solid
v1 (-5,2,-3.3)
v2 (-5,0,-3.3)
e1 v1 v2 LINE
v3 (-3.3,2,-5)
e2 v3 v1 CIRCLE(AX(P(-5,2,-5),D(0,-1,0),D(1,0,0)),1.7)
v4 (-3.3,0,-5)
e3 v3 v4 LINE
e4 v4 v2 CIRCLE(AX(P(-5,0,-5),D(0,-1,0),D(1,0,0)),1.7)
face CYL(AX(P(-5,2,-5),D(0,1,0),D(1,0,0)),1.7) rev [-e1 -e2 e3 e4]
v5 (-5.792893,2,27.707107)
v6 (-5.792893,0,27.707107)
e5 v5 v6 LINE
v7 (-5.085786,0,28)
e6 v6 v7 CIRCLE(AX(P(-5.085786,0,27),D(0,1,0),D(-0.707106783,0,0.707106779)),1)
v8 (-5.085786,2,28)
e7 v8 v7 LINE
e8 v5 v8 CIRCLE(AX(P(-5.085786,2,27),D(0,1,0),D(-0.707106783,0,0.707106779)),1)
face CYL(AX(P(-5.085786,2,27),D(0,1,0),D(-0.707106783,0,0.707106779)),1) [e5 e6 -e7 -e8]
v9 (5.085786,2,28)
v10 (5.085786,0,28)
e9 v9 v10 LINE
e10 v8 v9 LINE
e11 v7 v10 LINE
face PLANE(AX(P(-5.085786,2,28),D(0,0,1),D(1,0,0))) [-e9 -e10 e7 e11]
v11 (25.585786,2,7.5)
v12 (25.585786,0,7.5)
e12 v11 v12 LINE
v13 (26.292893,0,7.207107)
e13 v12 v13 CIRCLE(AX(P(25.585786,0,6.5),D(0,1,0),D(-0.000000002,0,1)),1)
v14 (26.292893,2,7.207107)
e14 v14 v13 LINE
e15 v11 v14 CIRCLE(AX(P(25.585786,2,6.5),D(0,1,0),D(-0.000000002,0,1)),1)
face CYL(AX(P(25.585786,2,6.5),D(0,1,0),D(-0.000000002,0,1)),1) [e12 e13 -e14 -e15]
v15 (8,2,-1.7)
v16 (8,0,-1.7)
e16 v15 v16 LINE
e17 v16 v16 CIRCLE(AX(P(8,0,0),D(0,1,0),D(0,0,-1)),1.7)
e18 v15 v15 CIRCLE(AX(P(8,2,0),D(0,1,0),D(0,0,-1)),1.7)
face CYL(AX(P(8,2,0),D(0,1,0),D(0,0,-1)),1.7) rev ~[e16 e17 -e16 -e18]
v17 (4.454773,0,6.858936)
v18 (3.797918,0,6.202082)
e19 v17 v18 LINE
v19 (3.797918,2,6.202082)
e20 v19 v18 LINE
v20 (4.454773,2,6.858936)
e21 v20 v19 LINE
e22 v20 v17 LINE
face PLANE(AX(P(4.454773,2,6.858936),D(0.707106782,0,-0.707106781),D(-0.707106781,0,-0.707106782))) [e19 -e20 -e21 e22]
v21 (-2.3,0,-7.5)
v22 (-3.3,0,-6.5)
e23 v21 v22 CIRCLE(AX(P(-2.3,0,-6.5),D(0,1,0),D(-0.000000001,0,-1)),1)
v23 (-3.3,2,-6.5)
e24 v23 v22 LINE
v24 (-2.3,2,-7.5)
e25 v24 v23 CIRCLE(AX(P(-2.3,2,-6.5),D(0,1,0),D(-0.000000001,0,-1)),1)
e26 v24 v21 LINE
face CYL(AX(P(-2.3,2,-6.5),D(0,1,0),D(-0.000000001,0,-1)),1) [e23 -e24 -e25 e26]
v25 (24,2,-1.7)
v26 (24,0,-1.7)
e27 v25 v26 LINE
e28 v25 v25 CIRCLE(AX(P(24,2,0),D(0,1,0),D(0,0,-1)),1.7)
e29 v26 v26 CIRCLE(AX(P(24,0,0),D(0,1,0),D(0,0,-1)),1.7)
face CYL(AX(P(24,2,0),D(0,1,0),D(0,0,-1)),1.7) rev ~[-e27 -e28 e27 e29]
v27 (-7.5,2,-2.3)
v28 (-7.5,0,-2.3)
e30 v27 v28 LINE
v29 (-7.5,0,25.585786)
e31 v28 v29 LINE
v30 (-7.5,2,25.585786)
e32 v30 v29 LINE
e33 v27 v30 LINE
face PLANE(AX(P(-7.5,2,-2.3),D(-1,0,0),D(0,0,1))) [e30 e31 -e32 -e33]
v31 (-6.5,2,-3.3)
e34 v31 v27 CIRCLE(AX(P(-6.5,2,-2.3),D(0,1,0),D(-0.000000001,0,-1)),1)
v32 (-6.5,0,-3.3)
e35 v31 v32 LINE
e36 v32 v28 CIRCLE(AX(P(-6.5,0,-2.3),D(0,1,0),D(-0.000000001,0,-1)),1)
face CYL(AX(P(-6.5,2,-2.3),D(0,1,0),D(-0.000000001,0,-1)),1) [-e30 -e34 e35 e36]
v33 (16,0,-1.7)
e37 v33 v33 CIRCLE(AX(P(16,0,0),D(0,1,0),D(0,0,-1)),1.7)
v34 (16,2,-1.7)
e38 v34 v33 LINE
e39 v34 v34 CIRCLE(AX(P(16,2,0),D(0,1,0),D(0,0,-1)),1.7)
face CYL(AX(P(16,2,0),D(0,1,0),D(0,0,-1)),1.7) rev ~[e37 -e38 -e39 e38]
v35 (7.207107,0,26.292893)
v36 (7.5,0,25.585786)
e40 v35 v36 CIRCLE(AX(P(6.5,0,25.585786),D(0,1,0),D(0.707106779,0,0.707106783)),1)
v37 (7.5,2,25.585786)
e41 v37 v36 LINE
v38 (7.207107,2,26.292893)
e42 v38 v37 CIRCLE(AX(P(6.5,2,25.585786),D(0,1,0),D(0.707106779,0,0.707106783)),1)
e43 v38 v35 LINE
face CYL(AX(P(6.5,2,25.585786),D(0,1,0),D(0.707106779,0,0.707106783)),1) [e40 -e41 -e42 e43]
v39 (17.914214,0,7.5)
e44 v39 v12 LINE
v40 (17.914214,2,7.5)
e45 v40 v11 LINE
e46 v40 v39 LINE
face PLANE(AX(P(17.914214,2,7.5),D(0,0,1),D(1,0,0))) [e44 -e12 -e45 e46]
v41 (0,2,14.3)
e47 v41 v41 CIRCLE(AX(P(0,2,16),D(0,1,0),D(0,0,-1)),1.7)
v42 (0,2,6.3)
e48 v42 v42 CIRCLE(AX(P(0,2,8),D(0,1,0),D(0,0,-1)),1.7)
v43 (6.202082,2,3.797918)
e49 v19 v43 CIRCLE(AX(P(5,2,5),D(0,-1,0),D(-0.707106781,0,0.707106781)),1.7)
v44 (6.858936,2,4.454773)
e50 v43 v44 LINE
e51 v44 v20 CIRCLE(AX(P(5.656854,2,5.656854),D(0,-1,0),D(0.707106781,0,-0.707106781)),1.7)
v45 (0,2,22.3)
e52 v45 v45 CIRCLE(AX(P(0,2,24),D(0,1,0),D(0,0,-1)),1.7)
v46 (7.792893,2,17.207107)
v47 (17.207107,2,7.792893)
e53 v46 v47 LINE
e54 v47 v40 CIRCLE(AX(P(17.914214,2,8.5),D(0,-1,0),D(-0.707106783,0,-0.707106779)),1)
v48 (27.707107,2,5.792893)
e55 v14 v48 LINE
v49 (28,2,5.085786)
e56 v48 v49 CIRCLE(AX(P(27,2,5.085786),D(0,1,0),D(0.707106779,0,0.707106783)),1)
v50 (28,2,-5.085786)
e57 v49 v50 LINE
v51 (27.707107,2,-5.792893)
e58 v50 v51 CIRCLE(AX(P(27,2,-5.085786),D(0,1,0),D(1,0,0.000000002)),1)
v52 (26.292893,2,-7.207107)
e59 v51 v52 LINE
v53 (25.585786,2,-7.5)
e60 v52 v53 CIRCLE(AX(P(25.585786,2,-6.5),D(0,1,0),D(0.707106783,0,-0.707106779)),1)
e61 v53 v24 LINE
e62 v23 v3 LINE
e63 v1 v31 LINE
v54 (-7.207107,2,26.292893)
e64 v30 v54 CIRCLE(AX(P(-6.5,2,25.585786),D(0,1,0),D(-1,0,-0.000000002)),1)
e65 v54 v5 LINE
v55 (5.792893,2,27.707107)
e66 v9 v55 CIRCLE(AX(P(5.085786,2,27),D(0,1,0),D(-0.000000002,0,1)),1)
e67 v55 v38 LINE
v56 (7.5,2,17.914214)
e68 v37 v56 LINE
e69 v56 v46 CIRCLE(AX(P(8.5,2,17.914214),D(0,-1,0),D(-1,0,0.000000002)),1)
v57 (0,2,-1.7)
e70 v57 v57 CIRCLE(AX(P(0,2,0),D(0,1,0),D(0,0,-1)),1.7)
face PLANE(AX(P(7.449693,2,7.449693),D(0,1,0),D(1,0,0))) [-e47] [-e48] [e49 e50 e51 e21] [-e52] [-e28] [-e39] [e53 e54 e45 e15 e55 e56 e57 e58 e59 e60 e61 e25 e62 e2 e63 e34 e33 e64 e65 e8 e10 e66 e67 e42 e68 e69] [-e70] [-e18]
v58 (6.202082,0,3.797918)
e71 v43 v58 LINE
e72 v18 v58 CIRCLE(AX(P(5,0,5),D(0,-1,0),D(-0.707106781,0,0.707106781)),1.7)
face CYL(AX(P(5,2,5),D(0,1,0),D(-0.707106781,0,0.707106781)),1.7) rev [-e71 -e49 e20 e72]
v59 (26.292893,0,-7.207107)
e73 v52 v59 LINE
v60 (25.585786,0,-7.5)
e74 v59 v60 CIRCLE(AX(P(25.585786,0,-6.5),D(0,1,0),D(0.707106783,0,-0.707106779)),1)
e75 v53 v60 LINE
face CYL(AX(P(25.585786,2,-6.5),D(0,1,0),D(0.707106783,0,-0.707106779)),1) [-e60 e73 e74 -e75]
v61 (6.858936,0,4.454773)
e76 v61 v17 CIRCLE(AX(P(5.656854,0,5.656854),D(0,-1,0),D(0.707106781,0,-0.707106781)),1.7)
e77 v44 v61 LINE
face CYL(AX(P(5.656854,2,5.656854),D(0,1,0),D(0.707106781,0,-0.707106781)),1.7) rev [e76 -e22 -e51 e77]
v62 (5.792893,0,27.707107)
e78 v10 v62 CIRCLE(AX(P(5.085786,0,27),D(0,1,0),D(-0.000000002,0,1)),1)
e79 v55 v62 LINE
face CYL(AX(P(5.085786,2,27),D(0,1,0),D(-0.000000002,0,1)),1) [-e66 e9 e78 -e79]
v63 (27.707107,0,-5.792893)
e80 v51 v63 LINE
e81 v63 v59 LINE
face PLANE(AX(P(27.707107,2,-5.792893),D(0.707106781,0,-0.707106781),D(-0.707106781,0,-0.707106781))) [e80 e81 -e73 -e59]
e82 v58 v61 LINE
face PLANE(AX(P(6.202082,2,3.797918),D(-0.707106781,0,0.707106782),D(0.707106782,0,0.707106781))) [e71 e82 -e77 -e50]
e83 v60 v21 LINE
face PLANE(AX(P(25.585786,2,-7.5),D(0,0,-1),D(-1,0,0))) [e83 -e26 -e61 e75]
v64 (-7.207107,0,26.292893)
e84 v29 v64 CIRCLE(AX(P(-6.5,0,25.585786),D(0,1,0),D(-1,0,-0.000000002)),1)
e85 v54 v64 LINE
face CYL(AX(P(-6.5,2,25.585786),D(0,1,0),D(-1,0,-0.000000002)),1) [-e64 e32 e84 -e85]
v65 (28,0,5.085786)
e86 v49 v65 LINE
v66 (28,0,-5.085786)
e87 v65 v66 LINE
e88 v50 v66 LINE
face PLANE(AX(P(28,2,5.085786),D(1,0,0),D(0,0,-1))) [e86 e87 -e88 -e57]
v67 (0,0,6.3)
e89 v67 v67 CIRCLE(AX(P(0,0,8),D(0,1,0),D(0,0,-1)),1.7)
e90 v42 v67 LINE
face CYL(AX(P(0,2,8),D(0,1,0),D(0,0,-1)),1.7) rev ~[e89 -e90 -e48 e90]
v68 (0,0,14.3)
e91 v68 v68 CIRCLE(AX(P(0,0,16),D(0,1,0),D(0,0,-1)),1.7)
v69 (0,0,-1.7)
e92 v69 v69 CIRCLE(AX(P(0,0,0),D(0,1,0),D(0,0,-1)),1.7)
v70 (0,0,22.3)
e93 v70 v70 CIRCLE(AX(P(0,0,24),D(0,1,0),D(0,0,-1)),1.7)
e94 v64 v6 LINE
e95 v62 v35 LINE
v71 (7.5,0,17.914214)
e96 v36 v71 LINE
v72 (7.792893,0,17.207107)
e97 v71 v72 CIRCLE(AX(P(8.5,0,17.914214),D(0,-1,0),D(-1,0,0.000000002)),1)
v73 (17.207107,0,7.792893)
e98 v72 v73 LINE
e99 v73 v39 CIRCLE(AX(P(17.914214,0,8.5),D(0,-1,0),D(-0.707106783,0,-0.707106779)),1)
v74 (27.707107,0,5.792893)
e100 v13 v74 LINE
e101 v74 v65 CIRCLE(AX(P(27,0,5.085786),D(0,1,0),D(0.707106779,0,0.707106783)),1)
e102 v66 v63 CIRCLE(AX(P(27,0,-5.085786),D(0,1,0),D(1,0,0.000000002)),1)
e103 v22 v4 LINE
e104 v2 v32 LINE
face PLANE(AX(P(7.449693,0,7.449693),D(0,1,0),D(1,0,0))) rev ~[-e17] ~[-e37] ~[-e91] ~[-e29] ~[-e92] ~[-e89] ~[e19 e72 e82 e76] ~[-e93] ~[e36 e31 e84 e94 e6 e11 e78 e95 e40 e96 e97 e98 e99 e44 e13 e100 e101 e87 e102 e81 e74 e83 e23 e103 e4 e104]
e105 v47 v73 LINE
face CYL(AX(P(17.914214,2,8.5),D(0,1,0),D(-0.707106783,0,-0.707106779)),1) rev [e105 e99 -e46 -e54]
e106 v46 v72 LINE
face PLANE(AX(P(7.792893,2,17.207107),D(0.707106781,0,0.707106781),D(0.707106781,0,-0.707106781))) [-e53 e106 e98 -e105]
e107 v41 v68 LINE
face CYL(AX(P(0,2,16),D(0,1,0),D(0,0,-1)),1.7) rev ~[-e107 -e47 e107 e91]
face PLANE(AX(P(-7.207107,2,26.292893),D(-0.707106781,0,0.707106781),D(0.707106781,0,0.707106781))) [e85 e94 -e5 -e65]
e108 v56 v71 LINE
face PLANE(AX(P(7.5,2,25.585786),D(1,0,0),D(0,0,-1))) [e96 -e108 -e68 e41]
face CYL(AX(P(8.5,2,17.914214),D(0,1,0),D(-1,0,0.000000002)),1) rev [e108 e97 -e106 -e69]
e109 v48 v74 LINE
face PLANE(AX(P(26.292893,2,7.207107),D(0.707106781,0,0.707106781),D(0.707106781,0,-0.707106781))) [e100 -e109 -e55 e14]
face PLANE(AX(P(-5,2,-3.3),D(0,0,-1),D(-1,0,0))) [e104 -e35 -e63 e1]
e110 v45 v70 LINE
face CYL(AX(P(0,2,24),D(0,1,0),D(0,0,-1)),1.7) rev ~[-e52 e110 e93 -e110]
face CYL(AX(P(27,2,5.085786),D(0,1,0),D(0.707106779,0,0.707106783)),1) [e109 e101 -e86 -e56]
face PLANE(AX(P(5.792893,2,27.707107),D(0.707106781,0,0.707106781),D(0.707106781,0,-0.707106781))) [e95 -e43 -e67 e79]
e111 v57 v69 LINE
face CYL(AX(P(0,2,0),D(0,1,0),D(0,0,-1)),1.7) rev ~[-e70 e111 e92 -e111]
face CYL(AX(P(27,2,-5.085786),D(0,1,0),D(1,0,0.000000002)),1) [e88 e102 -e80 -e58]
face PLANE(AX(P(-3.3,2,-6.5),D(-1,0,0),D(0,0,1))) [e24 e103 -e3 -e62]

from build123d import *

# Parameters (mm, degrees)
SKETCH1_R           = 1.7
BOSS_EXTRUDE1_DEPTH = 2


with BuildPart() as part:
    # Sketch1 → Boss-Extrude1 (new body)
    with BuildSketch(Plane(origin=(0, 2, 0), x_dir=(1, 0, 0), z_dir=(0, 1, 0))):
        with BuildLine():
            Line((26.292893219, -7.207106781), (27.707106781, -5.792893219))
            ThreePointArc((27.707106781, -5.792893219), (27.923879533, -5.46846987), (28, -5.085786438))
            Line((28, -5.085786438), (28, 5.085786438))
            ThreePointArc((28, 5.085786438), (27.923879533, 5.46846987), (27.707106781, 5.792893219))
            Line((27.707106781, 5.792893219), (26.292893219, 7.207106781))
            ThreePointArc((26.292893219, 7.207106781), (25.96846987, 7.423879533), (25.585786438, 7.5))
            Line((25.585786438, 7.5), (-2.3, 7.5))
            ThreePointArc((-2.3, 7.5), (-3.007106781, 7.207106781), (-3.3, 6.5))
            Line((-3.3, 6.5), (-3.3, 5))
            ThreePointArc((-3.3, 5), (-3.797918472, 3.797918472), (-5, 3.3))
            Line((-5, 3.3), (-6.5, 3.3))
            ThreePointArc((-6.5, 3.3), (-7.207106781, 3.007106781), (-7.5, 2.3))
            Line((-7.5, 2.3), (-7.5, -25.585786438))
            ThreePointArc((-7.5, -25.585786438), (-7.423879533, -25.96846987), (-7.207106781, -26.292893219))
            Line((-7.207106781, -26.292893219), (-5.792893219, -27.707106781))
            ThreePointArc((-5.792893219, -27.707106781), (-5.46846987, -27.923879533), (-5.085786438, -28))
            Line((-5.085786438, -28), (5.085786438, -28))
            ThreePointArc((5.085786438, -28), (5.46846987, -27.923879533), (5.792893219, -27.707106781))
            Line((5.792893219, -27.707106781), (7.207106781, -26.292893219))
            ThreePointArc((7.207106781, -26.292893219), (7.423879533, -25.96846987), (7.5, -25.585786438))
            Line((7.5, -25.585786438), (7.5, -17.914213562))
            ThreePointArc((7.5, -17.914213562), (7.576120467, -17.53153013), (7.792893219, -17.207106781))
            Line((7.792893219, -17.207106781), (17.207106781, -7.792893219))
            ThreePointArc((17.207106781, -7.792893219), (17.53153013, -7.576120467), (17.914213562, -7.5))
            Line((17.914213562, -7.5), (25.585786438, -7.5))
            ThreePointArc((25.585786438, -7.5), (25.96846987, -7.423879533), (26.292893219, -7.207106781))
        make_face()
        with Locations(Location((0, -16, 0), (0, 0, 90))):
            Circle(SKETCH1_R, mode=Mode.SUBTRACT)
        with Locations(Location((0, -24, 0), (0, 0, 90))):
            Circle(SKETCH1_R, mode=Mode.SUBTRACT)
        with Locations(Location((24, 0, 0), (0, 0, 90))):
            Circle(SKETCH1_R, mode=Mode.SUBTRACT)
        with Locations(Location((16, 0, 0), (0, 0, 90))):
            Circle(SKETCH1_R, mode=Mode.SUBTRACT)
        with Locations(Location((0, 0, 0), (0, 0, 90))):
            Circle(SKETCH1_R, mode=Mode.SUBTRACT)
        with Locations(Location((8, 0, 0), (0, 0, 90))):
            Circle(SKETCH1_R, mode=Mode.SUBTRACT)
        with Locations(Location((0, -8, 0), (0, 0, 90))):
            Circle(SKETCH1_R, mode=Mode.SUBTRACT)
        with BuildLine():
            Line((4.454772721, -6.858935778), (3.797918472, -6.202081528))
            ThreePointArc((3.797918472, -6.202081528), (3.797918472, -3.797918472), (6.202081528, -3.797918472))
            Line((6.202081528, -3.797918472), (6.858935778, -4.454772721))
            ThreePointArc((6.858935778, -4.454772721), (6.858935778, -6.858935778), (4.454772721, -6.858935778))
        make_face(mode=Mode.SUBTRACT)
    extrude(amount=-BOSS_EXTRUDE1_DEPTH)


solid = part.part
